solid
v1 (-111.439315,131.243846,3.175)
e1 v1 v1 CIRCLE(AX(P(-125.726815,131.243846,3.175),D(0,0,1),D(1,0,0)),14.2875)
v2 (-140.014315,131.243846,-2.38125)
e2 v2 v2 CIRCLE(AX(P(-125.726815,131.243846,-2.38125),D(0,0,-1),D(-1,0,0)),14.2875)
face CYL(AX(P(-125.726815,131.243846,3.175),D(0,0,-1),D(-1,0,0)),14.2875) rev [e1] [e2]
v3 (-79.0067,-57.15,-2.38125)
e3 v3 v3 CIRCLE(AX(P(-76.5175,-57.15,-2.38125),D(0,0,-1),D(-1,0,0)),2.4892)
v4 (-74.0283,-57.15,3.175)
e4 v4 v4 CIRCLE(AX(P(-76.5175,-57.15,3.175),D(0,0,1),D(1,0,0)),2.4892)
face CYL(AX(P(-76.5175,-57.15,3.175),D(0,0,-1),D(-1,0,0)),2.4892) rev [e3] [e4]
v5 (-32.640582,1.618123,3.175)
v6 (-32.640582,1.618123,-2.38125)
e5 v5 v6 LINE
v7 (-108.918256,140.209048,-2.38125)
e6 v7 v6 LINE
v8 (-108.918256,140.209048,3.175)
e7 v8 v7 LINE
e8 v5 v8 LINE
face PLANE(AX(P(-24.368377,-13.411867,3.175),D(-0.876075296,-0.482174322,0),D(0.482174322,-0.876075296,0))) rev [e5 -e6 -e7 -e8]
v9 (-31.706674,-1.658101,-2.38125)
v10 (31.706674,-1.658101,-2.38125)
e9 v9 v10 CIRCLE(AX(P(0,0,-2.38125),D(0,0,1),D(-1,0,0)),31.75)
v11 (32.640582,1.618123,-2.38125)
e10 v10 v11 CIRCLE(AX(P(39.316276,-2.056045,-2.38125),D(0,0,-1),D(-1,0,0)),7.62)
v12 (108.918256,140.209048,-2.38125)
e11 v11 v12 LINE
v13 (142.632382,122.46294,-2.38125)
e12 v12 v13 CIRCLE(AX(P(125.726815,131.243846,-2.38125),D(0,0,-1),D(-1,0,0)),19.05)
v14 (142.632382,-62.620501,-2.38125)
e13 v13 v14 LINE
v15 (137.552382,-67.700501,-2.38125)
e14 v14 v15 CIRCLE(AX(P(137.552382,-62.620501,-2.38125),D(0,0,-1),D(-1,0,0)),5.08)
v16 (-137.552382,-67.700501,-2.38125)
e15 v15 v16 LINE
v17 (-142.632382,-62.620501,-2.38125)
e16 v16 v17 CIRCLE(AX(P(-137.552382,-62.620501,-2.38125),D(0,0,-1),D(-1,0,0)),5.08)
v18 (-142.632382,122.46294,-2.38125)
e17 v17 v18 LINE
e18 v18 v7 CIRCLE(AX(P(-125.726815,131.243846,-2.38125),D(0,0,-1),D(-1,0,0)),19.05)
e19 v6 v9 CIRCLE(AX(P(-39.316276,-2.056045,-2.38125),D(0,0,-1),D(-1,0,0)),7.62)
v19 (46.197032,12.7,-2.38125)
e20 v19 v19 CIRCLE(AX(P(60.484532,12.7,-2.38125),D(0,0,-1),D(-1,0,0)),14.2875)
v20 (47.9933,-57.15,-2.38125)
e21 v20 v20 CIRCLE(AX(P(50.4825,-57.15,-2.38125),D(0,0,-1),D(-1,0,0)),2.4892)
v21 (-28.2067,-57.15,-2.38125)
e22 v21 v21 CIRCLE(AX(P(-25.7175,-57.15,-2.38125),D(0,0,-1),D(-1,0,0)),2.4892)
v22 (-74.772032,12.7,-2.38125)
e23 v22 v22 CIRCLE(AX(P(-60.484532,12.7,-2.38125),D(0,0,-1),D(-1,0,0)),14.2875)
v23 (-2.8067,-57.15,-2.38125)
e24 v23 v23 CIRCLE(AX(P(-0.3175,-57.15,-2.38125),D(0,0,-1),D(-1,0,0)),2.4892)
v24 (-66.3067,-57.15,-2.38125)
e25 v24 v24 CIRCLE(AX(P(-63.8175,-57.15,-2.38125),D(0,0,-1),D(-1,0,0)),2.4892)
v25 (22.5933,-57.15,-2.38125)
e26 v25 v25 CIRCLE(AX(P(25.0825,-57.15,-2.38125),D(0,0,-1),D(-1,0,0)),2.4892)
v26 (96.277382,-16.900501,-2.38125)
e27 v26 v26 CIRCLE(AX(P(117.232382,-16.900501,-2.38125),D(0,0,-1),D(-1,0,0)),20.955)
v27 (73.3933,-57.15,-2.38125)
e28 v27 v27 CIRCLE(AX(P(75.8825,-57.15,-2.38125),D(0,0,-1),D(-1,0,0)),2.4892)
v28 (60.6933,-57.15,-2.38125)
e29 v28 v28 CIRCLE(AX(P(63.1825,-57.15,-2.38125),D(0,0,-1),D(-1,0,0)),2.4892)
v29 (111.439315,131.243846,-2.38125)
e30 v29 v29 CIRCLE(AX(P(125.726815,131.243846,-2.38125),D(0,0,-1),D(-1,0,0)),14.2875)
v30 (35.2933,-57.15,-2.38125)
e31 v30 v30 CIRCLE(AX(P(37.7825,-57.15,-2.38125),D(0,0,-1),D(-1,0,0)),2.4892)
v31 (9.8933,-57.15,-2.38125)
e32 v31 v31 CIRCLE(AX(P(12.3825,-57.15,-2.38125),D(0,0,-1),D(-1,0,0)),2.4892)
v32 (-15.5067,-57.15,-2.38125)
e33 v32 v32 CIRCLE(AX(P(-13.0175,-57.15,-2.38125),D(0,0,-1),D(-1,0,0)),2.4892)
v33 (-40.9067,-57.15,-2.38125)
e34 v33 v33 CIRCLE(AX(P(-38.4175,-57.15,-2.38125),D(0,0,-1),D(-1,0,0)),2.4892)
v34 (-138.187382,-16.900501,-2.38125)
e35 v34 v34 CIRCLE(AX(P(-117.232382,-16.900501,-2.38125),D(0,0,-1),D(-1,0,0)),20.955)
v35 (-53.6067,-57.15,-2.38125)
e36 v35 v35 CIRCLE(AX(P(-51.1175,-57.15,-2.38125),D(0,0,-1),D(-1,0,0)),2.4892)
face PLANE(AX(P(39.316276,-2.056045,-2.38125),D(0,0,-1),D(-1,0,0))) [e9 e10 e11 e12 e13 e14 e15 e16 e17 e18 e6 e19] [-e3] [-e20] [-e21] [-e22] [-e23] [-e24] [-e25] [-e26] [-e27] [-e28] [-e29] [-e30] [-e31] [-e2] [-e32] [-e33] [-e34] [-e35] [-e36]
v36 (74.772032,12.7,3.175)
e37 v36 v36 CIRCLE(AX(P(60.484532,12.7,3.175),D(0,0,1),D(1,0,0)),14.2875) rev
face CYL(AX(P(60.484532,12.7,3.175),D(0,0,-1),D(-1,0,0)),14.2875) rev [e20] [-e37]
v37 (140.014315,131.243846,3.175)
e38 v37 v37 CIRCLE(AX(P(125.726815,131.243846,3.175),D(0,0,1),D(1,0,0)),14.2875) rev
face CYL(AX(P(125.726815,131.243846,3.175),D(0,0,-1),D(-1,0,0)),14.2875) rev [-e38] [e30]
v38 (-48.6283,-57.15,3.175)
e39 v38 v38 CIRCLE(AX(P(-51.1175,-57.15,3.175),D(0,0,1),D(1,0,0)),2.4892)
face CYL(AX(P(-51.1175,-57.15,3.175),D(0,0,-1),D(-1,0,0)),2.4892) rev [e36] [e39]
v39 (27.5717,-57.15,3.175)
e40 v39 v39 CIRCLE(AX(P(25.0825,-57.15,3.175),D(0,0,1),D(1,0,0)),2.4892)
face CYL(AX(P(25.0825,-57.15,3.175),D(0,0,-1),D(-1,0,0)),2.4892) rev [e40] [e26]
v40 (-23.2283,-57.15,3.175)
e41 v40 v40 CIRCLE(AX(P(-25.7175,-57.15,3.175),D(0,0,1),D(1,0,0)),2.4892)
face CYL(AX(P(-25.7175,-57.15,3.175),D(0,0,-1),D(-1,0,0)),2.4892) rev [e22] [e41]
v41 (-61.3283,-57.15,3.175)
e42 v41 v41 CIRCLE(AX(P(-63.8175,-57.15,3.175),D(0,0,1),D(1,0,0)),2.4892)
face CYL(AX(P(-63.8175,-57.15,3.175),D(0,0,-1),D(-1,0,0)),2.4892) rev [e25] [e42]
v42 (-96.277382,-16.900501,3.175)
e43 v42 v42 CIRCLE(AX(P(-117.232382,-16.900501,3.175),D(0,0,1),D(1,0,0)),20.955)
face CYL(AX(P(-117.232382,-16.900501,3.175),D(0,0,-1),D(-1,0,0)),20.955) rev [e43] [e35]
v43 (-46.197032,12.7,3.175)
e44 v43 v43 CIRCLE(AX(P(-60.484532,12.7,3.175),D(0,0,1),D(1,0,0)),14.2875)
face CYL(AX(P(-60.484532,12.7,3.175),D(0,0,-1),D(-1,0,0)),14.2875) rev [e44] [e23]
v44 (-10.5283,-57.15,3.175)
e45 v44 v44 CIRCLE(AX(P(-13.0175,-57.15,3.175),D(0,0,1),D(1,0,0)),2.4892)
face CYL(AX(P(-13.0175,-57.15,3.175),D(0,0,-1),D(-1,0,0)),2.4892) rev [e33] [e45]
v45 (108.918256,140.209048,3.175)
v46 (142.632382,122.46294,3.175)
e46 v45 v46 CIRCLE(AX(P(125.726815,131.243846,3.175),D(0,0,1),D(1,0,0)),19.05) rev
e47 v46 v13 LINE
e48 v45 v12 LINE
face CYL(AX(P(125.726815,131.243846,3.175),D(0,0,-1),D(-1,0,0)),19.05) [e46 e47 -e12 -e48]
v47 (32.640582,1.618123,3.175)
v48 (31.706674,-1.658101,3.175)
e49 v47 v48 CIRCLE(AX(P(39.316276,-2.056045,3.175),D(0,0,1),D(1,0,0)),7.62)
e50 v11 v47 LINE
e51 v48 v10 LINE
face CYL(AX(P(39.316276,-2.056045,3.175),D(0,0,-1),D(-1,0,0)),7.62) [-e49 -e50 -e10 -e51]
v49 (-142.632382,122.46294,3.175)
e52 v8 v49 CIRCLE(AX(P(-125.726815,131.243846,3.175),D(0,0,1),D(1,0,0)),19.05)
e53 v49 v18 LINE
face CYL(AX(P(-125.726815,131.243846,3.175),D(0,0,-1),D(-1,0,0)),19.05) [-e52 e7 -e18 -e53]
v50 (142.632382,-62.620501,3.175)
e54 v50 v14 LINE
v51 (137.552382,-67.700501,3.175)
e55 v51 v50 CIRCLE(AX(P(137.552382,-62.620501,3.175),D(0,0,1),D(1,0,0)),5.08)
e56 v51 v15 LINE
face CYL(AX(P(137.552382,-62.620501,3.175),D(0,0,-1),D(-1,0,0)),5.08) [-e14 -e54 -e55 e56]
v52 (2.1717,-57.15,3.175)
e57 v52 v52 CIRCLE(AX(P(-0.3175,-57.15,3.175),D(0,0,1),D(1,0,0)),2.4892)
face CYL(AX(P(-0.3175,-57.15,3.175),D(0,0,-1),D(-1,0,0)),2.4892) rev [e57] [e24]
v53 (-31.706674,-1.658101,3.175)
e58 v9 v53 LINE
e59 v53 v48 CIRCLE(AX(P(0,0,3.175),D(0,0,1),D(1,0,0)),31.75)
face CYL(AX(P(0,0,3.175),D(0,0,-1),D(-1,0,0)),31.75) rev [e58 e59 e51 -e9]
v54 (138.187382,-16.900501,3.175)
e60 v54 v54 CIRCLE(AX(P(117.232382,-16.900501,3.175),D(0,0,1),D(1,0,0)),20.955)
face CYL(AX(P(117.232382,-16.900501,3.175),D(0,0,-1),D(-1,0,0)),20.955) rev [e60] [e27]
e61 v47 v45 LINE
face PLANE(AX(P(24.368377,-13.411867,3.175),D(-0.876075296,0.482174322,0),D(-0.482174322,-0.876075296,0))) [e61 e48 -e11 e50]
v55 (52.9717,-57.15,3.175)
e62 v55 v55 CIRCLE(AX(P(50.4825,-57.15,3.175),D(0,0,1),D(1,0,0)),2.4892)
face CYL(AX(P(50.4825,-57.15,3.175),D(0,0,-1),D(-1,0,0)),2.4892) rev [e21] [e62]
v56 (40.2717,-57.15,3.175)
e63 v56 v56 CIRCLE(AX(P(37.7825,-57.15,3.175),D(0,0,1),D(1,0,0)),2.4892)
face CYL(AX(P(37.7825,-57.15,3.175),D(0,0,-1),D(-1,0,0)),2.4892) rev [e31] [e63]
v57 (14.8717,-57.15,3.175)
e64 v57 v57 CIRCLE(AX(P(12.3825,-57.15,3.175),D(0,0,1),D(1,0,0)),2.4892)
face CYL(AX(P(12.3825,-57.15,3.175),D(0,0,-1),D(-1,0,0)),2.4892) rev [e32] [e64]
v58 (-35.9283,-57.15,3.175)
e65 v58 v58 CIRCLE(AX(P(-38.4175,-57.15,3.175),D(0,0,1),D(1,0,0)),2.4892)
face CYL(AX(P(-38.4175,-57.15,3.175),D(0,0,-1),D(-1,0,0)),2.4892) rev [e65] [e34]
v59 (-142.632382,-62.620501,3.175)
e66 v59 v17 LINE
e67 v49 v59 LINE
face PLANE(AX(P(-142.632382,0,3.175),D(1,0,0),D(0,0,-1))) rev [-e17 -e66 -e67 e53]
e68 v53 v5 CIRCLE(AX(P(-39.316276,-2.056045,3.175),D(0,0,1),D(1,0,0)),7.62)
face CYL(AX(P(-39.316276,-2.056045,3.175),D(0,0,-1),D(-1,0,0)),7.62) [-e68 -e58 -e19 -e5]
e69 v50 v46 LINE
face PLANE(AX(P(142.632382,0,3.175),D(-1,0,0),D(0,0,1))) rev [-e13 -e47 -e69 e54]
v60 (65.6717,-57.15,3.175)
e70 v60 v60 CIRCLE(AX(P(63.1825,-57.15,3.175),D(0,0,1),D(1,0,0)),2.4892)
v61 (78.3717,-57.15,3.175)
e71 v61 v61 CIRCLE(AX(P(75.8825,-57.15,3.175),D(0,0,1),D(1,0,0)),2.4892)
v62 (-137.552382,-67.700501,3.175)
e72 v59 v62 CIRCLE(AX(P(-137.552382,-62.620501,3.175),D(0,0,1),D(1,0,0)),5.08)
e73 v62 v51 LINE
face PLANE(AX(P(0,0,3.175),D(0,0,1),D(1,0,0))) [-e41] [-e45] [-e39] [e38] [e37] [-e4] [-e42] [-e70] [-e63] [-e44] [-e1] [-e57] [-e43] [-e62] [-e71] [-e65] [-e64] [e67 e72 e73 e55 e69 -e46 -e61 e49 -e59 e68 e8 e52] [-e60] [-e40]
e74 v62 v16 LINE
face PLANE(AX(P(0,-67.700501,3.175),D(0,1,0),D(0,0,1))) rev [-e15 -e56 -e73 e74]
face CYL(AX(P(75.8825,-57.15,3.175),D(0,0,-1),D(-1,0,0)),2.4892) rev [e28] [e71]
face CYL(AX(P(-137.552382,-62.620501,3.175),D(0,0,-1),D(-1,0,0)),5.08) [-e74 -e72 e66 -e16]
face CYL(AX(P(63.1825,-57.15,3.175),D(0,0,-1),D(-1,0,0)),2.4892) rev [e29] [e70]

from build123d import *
from build123d.topology import SkipClean

# Parameters (mm, degrees)
SKETCH2_R           = 14.2875
SKETCH2_R_2         = 2.4892
SKETCH2_R_3         = 20.955
BOSS_EXTRUDE1_DEPTH = 3.175
FILLET2_R           = 7.62
BOSS_EXTRUDE2_START = 2.38125
SKETCH4_R           = 2.4892
SKETCH4_R_2         = 14.2875
SKETCH4_R_3         = 20.955
BOSS_EXTRUDE2_DEPTH = 2.38125


with BuildPart() as part:
    # Sketch2 → Boss-Extrude1 (new body)
    with BuildSketch(Plane.XY):
        with BuildLine():
            Line((142.632381685, 122.462939957), (142.632381685, -29.937060043))
            Line((142.632381685, -29.937060043), (142.632381685, -56.741928905))
            Line((142.632381685, -56.741928905), (142.632381685, -62.620500771))
            ThreePointArc((142.632381685, -62.620500771), (141.144484133, -66.21260322), (137.552381685, -67.700500771))
            Line((137.552381685, -67.700500771), (-137.552381685, -67.700500771))
            ThreePointArc((-137.552381685, -67.700500771), (-141.144484133, -66.21260322), (-142.632381685, -62.620500771))
            Line((-142.632381685, -62.620500771), (-142.632381685, -56.741928905))
            Line((-142.632381685, -56.741928905), (-142.632381685, -29.937060043))
            Line((-142.632381685, -29.937060043), (-142.632381685, 122.462939957))
            ThreePointArc((-142.632381685, 122.462939957), (-134.600001748, 148.101160684), (-108.918256202, 140.209048469))
            Line((-108.918256202, 140.209048469), (-31.75, 0))
            ThreePointArc((-31.75, 0), (0, -31.75), (31.75, 0))
            Line((31.75, 0), (108.918256202, 140.209048469))
            ThreePointArc((108.918256202, 140.209048469), (134.600001748, 148.101160684), (142.632381685, 122.462939957))
        make_face()
        with Locations((-60.484532313, 12.7)):
            Circle(SKETCH2_R, mode=Mode.SUBTRACT)
        with Locations((-125.726814921, 131.243846084)):
            Circle(SKETCH2_R, mode=Mode.SUBTRACT)
        with Locations((125.726814921, 131.243846084)):
            Circle(SKETCH2_R, mode=Mode.SUBTRACT)
        with Locations((60.484532313, 12.7)):
            Circle(SKETCH2_R, mode=Mode.SUBTRACT)
        with Locations((-76.5175, -57.15)):
            Circle(SKETCH2_R_2, mode=Mode.SUBTRACT)
        with Locations((-63.8175, -57.15)):
            Circle(SKETCH2_R_2, mode=Mode.SUBTRACT)
        with Locations((-51.1175, -57.15)):
            Circle(SKETCH2_R_2, mode=Mode.SUBTRACT)
        with Locations((-38.4175, -57.15)):
            Circle(SKETCH2_R_2, mode=Mode.SUBTRACT)
        with Locations((-25.7175, -57.15)):
            Circle(SKETCH2_R_2, mode=Mode.SUBTRACT)
        with Locations((-13.0175, -57.15)):
            Circle(SKETCH2_R_2, mode=Mode.SUBTRACT)
        with Locations((-0.3175, -57.15)):
            Circle(SKETCH2_R_2, mode=Mode.SUBTRACT)
        with Locations((12.3825, -57.15)):
            Circle(SKETCH2_R_2, mode=Mode.SUBTRACT)
        with Locations((25.0825, -57.15)):
            Circle(SKETCH2_R_2, mode=Mode.SUBTRACT)
        with Locations((37.7825, -57.15)):
            Circle(SKETCH2_R_2, mode=Mode.SUBTRACT)
        with Locations((50.4825, -57.15)):
            Circle(SKETCH2_R_2, mode=Mode.SUBTRACT)
        with Locations((63.1825, -57.15)):
            Circle(SKETCH2_R_2, mode=Mode.SUBTRACT)
        with Locations((75.8825, -57.15)):
            Circle(SKETCH2_R_2, mode=Mode.SUBTRACT)
        with Locations((-117.232381685, -16.900500771)):
            Circle(SKETCH2_R_3, mode=Mode.SUBTRACT)
        with Locations((117.232381685, -16.900500771)):
            Circle(SKETCH2_R_3, mode=Mode.SUBTRACT)
    extrude(amount=BOSS_EXTRUDE1_DEPTH)

    # Fillet2
    fillet2_edges = [part.edges().sort_by_distance(p)[0] for p in [
        (-31.75, 0, 1.5875),
        (31.75, 0, 1.5875),
    ]]
    fillet(fillet2_edges, radius=FILLET2_R)

    # Sketch4 → Boss-Extrude2 (add)
    with SkipClean():  # the faces are left unmerged after this step: merging them gives an invalid solid
        with BuildSketch(Plane(origin=(0, 0, 0), x_dir=(-1, 0, 0), z_dir=(0, 0, -1)).offset(BOSS_EXTRUDE2_START)):
            with BuildLine():
                Line((-32.640582486, 1.618122906), (-108.918256202, 140.209048469))
                ThreePointArc((-108.918256202, 140.209048469), (-134.600001748, 148.101160684), (-142.632381685, 122.462939957))
                Line((-142.632381685, 122.462939957), (-142.632381685, -62.620500771))
                ThreePointArc((-142.632381685, -62.620500771), (-141.144484133, -66.21260322), (-137.552381685, -67.700500771))
                Line((-137.552381685, -67.700500771), (137.552381685, -67.700500771))
                ThreePointArc((137.552381685, -67.700500771), (141.144484133, -66.21260322), (142.632381685, -62.620500771))
                Line((142.632381685, -62.620500771), (142.632381685, 122.462939957))
                ThreePointArc((142.632381685, 122.462939957), (134.600001748, 148.101160684), (108.918256202, 140.209048469))
                Line((108.918256202, 140.209048469), (32.640582486, 1.618122906))
                ThreePointArc((32.640582486, 1.618122906), (31.988191315, 0.032870886), (31.706674385, -1.65810115))
                ThreePointArc((31.706674385, -1.65810115), (0, -31.75), (-31.706674385, -1.65810115))
                ThreePointArc((-31.706674385, -1.65810115), (-31.988191315, 0.032870886), (-32.640582486, 1.618122906))
            make_face()
            with Locations((-75.8825, -57.15)):
                Circle(SKETCH4_R, mode=Mode.SUBTRACT)
            with Locations((-63.1825, -57.15)):
                Circle(SKETCH4_R, mode=Mode.SUBTRACT)
            with Locations((-50.4825, -57.15)):
                Circle(SKETCH4_R, mode=Mode.SUBTRACT)
            with Locations((-37.7825, -57.15)):
                Circle(SKETCH4_R, mode=Mode.SUBTRACT)
            with Locations((-25.0825, -57.15)):
                Circle(SKETCH4_R, mode=Mode.SUBTRACT)
            with Locations((-12.3825, -57.15)):
                Circle(SKETCH4_R, mode=Mode.SUBTRACT)
            with Locations((0.3175, -57.15)):
                Circle(SKETCH4_R, mode=Mode.SUBTRACT)
            with Locations((13.0175, -57.15)):
                Circle(SKETCH4_R, mode=Mode.SUBTRACT)
            with Locations((25.7175, -57.15)):
                Circle(SKETCH4_R, mode=Mode.SUBTRACT)
            with Locations((38.4175, -57.15)):
                Circle(SKETCH4_R, mode=Mode.SUBTRACT)
            with Locations((51.1175, -57.15)):
                Circle(SKETCH4_R, mode=Mode.SUBTRACT)
            with Locations((63.8175, -57.15)):
                Circle(SKETCH4_R, mode=Mode.SUBTRACT)
            with Locations((76.5175, -57.15)):
                Circle(SKETCH4_R, mode=Mode.SUBTRACT)
            with Locations((125.726814921, 131.243846084)):
                Circle(SKETCH4_R_2, mode=Mode.SUBTRACT)
            with Locations((117.232381685, -16.900500771)):
                Circle(SKETCH4_R_3, mode=Mode.SUBTRACT)
            with Locations((60.484532313, 12.7)):
                Circle(SKETCH4_R_2, mode=Mode.SUBTRACT)
            with Locations((-60.484532313, 12.7)):
                Circle(SKETCH4_R_2, mode=Mode.SUBTRACT)
            with Locations((-117.232381685, -16.900500771)):
                Circle(SKETCH4_R_3, mode=Mode.SUBTRACT)
            with Locations((-125.726814921, 131.243846084)):
                Circle(SKETCH4_R_2, mode=Mode.SUBTRACT)
        extrude(amount=-BOSS_EXTRUDE2_DEPTH)


solid = part.part
